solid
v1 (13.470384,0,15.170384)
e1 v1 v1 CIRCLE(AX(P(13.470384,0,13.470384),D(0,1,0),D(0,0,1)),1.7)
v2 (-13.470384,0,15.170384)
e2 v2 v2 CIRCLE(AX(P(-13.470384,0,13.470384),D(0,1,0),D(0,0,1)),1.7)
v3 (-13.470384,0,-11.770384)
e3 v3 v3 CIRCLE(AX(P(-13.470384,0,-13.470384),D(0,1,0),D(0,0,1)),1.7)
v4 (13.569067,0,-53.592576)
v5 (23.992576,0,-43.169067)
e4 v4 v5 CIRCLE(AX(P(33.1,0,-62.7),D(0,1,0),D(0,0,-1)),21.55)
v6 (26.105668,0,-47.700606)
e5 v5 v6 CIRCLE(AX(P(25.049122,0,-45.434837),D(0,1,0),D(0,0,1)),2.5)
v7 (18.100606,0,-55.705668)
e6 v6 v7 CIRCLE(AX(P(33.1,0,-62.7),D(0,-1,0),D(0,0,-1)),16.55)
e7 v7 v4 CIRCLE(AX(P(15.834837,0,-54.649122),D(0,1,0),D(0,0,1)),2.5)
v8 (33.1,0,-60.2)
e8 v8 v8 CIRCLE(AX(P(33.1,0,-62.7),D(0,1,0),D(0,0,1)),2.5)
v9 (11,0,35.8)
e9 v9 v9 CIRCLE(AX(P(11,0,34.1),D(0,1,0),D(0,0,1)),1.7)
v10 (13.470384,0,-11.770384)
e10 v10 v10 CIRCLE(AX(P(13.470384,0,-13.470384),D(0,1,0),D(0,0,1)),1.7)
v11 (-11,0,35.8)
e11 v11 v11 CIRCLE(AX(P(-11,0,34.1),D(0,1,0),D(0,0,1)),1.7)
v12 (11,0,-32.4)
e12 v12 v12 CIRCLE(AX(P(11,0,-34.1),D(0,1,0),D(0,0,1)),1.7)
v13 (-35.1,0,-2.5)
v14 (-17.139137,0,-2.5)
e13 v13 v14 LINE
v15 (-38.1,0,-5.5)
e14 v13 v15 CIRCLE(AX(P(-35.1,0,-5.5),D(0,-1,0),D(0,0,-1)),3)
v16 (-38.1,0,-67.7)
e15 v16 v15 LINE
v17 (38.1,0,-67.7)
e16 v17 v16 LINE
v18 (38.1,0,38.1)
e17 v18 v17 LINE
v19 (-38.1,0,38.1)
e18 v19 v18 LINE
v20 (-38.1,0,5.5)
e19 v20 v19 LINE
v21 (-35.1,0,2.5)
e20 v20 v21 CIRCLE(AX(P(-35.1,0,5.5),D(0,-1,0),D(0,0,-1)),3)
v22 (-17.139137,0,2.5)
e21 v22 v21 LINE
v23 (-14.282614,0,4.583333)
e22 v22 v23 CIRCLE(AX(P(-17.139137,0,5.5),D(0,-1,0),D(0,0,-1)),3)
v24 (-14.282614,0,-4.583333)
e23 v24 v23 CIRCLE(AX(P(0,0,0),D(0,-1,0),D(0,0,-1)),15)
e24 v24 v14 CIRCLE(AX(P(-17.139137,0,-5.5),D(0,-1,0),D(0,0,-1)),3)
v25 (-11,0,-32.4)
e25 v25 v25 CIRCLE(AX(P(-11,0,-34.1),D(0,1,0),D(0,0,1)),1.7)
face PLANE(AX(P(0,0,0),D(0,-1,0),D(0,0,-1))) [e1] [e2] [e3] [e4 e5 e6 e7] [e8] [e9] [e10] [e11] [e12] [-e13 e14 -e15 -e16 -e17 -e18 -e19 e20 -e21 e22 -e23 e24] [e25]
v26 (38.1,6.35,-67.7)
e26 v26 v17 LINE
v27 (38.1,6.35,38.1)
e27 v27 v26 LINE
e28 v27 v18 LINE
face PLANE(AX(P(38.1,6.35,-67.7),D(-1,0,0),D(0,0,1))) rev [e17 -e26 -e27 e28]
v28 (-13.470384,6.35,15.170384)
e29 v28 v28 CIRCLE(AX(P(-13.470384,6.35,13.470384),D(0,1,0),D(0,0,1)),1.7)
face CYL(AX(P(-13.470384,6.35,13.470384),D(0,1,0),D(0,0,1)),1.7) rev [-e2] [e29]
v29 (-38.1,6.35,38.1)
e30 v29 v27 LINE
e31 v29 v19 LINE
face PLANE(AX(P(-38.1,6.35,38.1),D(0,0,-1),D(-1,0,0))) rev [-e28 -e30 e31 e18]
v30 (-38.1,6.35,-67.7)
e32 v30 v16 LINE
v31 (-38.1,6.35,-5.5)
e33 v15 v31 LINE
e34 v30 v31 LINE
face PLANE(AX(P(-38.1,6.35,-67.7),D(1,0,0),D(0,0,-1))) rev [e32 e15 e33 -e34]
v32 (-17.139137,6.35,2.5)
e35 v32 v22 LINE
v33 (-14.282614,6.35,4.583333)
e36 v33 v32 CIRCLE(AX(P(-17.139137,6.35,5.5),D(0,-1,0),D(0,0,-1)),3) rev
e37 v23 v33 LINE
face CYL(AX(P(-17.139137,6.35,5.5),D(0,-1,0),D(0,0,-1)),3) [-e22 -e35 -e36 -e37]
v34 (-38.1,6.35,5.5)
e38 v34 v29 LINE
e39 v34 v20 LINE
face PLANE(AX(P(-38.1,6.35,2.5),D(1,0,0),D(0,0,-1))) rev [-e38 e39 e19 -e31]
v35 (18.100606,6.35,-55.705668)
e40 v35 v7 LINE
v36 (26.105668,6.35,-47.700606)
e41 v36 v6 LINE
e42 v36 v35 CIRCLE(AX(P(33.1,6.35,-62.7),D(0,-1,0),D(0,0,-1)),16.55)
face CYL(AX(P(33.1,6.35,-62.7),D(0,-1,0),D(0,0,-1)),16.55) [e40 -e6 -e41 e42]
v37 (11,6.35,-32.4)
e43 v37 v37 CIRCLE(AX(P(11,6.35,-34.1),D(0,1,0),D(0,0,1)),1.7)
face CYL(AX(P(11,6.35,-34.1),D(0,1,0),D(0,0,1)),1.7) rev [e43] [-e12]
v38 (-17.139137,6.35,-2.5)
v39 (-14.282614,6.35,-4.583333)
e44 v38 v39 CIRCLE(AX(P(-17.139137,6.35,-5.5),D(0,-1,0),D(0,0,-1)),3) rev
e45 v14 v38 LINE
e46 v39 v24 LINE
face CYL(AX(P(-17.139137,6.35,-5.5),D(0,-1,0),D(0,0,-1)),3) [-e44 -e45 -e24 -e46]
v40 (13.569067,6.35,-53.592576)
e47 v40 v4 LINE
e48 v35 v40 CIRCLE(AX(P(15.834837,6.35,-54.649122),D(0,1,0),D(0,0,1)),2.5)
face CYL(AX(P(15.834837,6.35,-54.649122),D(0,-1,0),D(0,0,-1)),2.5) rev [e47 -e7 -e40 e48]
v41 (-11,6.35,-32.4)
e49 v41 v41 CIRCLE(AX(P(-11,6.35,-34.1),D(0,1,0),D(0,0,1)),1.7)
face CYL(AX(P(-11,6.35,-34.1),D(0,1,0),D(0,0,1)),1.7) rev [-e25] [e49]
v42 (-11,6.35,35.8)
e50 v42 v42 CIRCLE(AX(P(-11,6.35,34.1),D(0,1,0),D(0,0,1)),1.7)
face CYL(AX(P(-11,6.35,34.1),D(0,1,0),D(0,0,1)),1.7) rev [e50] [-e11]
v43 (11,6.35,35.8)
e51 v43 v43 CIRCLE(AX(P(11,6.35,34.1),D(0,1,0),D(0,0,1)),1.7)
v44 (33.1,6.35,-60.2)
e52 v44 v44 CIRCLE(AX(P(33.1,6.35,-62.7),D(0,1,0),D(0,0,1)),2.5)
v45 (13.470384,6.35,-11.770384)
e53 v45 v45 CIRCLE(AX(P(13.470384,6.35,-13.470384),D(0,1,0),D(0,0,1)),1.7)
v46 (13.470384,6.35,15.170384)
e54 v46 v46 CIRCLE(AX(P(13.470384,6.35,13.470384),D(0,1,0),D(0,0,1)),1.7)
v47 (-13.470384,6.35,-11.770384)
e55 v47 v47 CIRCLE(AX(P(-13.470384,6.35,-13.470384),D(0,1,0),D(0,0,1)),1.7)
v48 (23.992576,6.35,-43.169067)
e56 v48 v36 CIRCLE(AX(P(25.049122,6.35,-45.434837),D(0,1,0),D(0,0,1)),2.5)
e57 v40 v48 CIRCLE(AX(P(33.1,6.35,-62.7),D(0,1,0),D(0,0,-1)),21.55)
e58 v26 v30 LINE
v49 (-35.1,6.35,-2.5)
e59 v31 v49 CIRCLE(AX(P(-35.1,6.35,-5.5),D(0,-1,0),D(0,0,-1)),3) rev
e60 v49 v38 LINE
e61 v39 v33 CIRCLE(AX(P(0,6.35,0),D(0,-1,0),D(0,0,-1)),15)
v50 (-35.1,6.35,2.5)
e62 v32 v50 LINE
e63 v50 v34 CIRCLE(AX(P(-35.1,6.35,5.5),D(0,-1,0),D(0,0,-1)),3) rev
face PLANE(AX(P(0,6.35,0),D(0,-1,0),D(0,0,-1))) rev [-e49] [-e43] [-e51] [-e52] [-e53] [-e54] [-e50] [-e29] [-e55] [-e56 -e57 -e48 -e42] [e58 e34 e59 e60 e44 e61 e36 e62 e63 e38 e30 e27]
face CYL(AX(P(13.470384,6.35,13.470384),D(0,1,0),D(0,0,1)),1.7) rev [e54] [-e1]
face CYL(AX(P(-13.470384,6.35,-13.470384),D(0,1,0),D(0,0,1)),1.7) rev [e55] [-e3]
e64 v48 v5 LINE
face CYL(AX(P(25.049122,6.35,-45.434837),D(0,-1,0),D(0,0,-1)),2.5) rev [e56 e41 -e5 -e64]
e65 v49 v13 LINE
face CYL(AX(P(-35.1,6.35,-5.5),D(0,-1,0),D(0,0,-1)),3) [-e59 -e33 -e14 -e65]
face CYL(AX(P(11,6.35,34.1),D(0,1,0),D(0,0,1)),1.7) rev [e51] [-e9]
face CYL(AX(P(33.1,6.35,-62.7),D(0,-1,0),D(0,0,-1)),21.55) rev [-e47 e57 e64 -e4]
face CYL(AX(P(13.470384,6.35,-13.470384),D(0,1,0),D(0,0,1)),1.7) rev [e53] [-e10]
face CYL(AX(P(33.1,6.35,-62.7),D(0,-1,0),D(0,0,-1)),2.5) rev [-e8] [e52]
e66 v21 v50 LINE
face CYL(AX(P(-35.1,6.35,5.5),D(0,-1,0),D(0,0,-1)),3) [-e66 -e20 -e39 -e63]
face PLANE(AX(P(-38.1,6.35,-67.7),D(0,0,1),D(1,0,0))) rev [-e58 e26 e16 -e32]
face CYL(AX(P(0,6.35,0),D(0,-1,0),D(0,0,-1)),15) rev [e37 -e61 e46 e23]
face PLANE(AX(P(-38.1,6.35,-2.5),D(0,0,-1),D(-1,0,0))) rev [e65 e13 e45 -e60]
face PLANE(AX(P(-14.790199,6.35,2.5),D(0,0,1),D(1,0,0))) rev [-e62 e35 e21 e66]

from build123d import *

# Parameters (mm, degrees)
SKETCH1_R            = 2.5
BOSS_EXTRUDE1_DEPTH  = 6.35
M3_CLEARANCE_HOLE1_D = 3.4
CIRPATTERN1_COUNT    = 4
M3_CLEARANCE_HOLE3_D = 3.4
FILLET1_R            = 3


with BuildPart() as part:
    # Sketch1 → Boss-Extrude1 (new body)
    with BuildSketch(Plane(origin=(0, 0, 0), x_dir=(1, 0, 0), z_dir=(0, 1, 0))):
        with BuildLine():
            Line((-38.1, 67.7), (38.1, 67.7))
            Line((38.1, 67.7), (38.1, -38.1))
            Line((38.1, -38.1), (-38.1, -38.1))
            Line((-38.1, -38.1), (-38.1, -2.5))
            Line((-38.1, -2.5), (-14.790199458, -2.5))
            ThreePointArc((-14.790199458, -2.5), (15, 0), (-14.790199458, 2.5))
            Line((-14.790199458, 2.5), (-38.1, 2.5))
            Line((-38.1, 2.5), (-38.1, 67.7))
        make_face()
        with Locations(Location((33.1, 62.7, 0), (0, 0, 270))):
            Circle(SKETCH1_R, mode=Mode.SUBTRACT)
        with BuildLine():
            ThreePointArc((26.105667768, 47.700606125), (21.397382771, 50.997382771), (18.100606125, 55.705667768))
            ThreePointArc((18.100606125, 55.705667768), (14.778291003, 56.914891581), (13.569067189, 53.592576459))
            ThreePointArc((13.569067189, 53.592576459), (17.861848865, 47.461848865), (23.992576459, 43.169067189))
            ThreePointArc((23.992576459, 43.169067189), (27.314891581, 44.378291003), (26.105667768, 47.700606125))
        make_face(mode=Mode.SUBTRACT)
    extrude(amount=BOSS_EXTRUDE1_DEPTH)

    # M3 Clearance Hole1 (through all)
    with Locations(Plane(origin=(0, 6.35, 0), x_dir=(1, 0, 0), z_dir=(0, 1, 0))):
        with Locations((13.470384182, 13.470384182)):
            m3_clearance_hole1 = Hole(M3_CLEARANCE_HOLE1_D / 2)

    # CirPattern1: M3 Clearance Hole1 ×4 about axis
    cirpattern1_axis = Axis((0, 0, 0), (0, 1, 0))
    for i in range(1, CIRPATTERN1_COUNT):
        add(m3_clearance_hole1.rotate(cirpattern1_axis, i * 360 / CIRPATTERN1_COUNT), mode=Mode.SUBTRACT)

    # M3 Clearance Hole3 (through all)
    with Locations(Plane(origin=(0, 6.35, 0), x_dir=(1, 0, 0), z_dir=(0, 1, 0))):
        with Locations((11, 34.1), (-11, -34.1), (11, -34.1), (-11, 34.1)):
            Hole(M3_CLEARANCE_HOLE3_D / 2)

    # Fillet1
    fillet1_edges = [part.edges().sort_by_distance(p)[0] for p in [
        (-14.790199458, 3.175, -2.5),
        (-38.1, 3.175, -2.5),
        (-38.1, 3.175, 2.5),
        (-14.790199458, 3.175, 2.5),
    ]]
    fillet(fillet1_edges, radius=FILLET1_R)


solid = part.part
